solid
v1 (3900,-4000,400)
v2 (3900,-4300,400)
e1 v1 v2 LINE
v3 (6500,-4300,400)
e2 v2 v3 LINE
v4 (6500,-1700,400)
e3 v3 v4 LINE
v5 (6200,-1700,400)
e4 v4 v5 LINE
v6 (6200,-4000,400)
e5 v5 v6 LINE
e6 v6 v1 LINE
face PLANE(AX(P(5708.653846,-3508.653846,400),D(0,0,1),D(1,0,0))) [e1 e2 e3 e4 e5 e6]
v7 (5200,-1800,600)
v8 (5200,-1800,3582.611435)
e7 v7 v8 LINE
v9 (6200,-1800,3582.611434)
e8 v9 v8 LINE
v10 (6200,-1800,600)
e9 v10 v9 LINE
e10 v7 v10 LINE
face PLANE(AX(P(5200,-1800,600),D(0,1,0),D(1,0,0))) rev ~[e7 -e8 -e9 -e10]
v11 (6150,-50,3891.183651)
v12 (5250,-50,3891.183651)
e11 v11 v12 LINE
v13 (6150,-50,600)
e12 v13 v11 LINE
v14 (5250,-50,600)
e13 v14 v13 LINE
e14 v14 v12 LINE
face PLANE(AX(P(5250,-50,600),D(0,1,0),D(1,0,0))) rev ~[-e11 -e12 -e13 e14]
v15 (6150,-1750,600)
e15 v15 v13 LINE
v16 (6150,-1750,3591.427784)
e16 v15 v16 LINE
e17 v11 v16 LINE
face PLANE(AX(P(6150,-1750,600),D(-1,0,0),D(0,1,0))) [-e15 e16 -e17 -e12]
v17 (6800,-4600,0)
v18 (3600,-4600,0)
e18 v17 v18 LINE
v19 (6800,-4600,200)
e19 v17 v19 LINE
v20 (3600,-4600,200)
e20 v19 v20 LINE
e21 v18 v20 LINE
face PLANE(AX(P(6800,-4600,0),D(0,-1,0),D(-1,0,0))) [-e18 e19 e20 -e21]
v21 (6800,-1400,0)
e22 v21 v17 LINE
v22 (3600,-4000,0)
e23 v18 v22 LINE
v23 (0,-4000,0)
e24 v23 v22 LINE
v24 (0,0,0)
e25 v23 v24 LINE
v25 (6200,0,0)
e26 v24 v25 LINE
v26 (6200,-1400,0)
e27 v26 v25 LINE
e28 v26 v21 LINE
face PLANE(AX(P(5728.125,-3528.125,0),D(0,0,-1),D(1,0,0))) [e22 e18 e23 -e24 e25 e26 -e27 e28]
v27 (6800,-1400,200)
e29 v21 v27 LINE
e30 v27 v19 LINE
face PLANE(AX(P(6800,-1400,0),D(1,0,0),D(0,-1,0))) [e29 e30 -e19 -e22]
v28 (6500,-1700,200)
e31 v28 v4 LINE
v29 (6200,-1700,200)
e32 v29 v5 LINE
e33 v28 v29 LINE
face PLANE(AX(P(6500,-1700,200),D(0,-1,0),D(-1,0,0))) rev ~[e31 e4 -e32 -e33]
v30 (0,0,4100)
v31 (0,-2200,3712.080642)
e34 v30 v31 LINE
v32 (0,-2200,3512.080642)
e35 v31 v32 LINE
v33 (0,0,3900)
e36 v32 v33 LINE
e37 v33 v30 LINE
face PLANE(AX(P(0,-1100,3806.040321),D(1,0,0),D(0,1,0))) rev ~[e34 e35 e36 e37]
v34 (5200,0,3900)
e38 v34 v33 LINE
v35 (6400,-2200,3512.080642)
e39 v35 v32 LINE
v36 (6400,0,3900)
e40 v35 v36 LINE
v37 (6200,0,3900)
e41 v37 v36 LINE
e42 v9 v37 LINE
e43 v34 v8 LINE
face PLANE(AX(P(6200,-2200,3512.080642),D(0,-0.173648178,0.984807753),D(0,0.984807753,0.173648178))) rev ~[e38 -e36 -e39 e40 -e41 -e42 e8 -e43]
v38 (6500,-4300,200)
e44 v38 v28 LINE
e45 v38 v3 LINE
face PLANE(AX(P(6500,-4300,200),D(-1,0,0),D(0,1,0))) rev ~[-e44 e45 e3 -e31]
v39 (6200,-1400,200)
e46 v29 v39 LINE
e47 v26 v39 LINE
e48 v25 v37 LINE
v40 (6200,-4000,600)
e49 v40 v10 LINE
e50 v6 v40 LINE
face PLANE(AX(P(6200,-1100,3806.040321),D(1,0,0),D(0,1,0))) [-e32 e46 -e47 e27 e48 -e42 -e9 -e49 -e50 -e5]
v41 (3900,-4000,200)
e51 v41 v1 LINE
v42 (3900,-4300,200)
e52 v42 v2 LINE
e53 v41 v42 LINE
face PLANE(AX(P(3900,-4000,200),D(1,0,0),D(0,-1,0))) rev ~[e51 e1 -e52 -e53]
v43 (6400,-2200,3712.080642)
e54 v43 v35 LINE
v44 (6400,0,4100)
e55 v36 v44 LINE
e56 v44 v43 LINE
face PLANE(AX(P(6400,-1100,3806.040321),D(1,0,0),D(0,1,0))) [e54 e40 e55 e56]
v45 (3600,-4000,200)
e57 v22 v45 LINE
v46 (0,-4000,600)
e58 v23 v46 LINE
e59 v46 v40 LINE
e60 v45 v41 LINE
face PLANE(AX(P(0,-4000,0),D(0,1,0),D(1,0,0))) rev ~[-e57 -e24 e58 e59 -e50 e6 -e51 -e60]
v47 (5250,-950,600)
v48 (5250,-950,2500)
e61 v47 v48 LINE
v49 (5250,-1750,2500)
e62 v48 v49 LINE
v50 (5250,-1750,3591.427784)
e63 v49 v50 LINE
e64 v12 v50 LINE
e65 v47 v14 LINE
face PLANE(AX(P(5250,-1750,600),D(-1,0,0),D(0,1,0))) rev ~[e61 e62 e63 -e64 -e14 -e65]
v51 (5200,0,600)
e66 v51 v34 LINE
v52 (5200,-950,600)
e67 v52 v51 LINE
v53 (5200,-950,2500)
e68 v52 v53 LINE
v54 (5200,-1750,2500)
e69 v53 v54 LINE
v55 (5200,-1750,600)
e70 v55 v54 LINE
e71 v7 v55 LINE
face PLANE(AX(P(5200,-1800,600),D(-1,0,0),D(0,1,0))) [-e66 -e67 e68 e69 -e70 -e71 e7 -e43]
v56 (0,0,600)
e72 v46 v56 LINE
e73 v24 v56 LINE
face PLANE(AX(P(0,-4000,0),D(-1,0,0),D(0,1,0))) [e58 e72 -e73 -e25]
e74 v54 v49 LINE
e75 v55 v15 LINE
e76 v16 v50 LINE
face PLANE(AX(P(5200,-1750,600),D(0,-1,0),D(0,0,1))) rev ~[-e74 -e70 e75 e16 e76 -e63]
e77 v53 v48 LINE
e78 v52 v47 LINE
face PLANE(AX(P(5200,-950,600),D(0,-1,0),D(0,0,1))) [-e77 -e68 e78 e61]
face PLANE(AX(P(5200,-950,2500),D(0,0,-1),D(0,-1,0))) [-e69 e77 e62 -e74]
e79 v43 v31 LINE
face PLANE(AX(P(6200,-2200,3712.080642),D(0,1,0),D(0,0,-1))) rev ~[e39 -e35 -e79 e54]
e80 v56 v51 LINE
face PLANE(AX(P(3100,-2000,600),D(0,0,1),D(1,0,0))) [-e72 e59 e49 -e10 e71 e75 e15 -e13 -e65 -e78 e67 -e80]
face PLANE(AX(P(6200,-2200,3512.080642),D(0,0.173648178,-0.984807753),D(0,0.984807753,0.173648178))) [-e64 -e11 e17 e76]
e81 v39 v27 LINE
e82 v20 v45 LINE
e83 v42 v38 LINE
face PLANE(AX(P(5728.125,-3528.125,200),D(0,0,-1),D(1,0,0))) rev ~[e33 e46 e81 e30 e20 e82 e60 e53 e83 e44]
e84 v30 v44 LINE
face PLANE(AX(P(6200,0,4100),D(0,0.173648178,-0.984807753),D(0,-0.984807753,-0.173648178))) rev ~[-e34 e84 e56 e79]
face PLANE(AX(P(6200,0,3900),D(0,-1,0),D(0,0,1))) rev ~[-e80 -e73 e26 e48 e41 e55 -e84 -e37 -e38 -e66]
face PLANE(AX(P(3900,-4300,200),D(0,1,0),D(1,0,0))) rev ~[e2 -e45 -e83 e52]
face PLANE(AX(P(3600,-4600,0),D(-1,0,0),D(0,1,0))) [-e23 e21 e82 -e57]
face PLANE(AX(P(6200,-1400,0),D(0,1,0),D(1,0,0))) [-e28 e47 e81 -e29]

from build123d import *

# Parameters (mm, degrees)
F0_W      = 6200
F0_H      = 4000
F1_DEPTH  = 600
F3_DEPTH  = 200
F5_DEPTH  = 200
F6_W      = 1000
F6_H      = 1800
F6_W_2    = 900
F6_H_2    = 1700
F7_DEPTH  = 3300
F9_DEPTH  = 6200.001
F11_DEPTH = 6200
F12_DEPTH = 200
F13_W     = 800
F13_H     = 1900
F14_DEPTH = 50


with BuildPart() as f1:
    # F0 (on Top) → F1 (new body)
    with BuildSketch(Plane.XY):
        with Locations((3100, -2000)):
            Rectangle(F0_W, F0_H)
    extrude(amount=F1_DEPTH)

    # F2 (on face) → F3 (join)
    with BuildSketch(Plane(origin=(0, 0, 0), x_dir=(1, 0, 0), z_dir=(0, 0, -1))):
        Polygon((6200, 4000), (6200, 1400), (6800, 1400), (6800, 4600), (3600, 4600), (3600, 4000), align=None)
    extrude(amount=-F3_DEPTH)

    # F4 (on face) → F5 (join)
    with BuildSketch(Plane.XY.offset(200)):
        Polygon((3900, -4000), (3900, -4300), (6500, -4300), (6500, -1700), (6200, -1700), (6200, -4000), align=None)
    extrude(amount=F5_DEPTH)

    # F6 (on face) → F7 (join)
    with BuildSketch(Plane.XY.offset(600)):
        with Locations((5700, -900)):
            Rectangle(F6_W, F6_H)
        with Locations((5700, -900)):
            Rectangle(F6_W_2, F6_H_2, mode=Mode.SUBTRACT)
    extrude(amount=F7_DEPTH)

    # F8 (on face) → F9 (cut, through all)
    with BuildSketch(Plane.YZ.offset(6200)):
        Polygon((-1800, 3582.611435), (0, 3900), (-1800, 3900), align=None)
    extrude(amount=-F9_DEPTH, mode=Mode.SUBTRACT)

    # F10 (on face) → F11 (join)
    with BuildSketch(Plane.YZ.offset(6200)):
        Polygon((-2200, 3512.080642), (0, 3900), (0, 4100), (-2200, 3712.080642), align=None)
    extrude(amount=-F11_DEPTH)

    # F10 (on face) → F12 (join)
    with BuildSketch(Plane.YZ.offset(6200)):
        Polygon((-2200, 3512.080642), (0, 3900), (0, 4100), (-2200, 3712.080642), align=None)
    extrude(amount=F12_DEPTH)

    # F13 (on face) → F14 (cut, through all)
    with BuildSketch(Plane(origin=(5200, 0, 0), x_dir=(0, -1, 0), z_dir=(-1, 0, 0))):
        with Locations((1350, 1550)):
            Rectangle(F13_W, F13_H)
    extrude(amount=-F14_DEPTH, mode=Mode.SUBTRACT)


solid = f1.part
